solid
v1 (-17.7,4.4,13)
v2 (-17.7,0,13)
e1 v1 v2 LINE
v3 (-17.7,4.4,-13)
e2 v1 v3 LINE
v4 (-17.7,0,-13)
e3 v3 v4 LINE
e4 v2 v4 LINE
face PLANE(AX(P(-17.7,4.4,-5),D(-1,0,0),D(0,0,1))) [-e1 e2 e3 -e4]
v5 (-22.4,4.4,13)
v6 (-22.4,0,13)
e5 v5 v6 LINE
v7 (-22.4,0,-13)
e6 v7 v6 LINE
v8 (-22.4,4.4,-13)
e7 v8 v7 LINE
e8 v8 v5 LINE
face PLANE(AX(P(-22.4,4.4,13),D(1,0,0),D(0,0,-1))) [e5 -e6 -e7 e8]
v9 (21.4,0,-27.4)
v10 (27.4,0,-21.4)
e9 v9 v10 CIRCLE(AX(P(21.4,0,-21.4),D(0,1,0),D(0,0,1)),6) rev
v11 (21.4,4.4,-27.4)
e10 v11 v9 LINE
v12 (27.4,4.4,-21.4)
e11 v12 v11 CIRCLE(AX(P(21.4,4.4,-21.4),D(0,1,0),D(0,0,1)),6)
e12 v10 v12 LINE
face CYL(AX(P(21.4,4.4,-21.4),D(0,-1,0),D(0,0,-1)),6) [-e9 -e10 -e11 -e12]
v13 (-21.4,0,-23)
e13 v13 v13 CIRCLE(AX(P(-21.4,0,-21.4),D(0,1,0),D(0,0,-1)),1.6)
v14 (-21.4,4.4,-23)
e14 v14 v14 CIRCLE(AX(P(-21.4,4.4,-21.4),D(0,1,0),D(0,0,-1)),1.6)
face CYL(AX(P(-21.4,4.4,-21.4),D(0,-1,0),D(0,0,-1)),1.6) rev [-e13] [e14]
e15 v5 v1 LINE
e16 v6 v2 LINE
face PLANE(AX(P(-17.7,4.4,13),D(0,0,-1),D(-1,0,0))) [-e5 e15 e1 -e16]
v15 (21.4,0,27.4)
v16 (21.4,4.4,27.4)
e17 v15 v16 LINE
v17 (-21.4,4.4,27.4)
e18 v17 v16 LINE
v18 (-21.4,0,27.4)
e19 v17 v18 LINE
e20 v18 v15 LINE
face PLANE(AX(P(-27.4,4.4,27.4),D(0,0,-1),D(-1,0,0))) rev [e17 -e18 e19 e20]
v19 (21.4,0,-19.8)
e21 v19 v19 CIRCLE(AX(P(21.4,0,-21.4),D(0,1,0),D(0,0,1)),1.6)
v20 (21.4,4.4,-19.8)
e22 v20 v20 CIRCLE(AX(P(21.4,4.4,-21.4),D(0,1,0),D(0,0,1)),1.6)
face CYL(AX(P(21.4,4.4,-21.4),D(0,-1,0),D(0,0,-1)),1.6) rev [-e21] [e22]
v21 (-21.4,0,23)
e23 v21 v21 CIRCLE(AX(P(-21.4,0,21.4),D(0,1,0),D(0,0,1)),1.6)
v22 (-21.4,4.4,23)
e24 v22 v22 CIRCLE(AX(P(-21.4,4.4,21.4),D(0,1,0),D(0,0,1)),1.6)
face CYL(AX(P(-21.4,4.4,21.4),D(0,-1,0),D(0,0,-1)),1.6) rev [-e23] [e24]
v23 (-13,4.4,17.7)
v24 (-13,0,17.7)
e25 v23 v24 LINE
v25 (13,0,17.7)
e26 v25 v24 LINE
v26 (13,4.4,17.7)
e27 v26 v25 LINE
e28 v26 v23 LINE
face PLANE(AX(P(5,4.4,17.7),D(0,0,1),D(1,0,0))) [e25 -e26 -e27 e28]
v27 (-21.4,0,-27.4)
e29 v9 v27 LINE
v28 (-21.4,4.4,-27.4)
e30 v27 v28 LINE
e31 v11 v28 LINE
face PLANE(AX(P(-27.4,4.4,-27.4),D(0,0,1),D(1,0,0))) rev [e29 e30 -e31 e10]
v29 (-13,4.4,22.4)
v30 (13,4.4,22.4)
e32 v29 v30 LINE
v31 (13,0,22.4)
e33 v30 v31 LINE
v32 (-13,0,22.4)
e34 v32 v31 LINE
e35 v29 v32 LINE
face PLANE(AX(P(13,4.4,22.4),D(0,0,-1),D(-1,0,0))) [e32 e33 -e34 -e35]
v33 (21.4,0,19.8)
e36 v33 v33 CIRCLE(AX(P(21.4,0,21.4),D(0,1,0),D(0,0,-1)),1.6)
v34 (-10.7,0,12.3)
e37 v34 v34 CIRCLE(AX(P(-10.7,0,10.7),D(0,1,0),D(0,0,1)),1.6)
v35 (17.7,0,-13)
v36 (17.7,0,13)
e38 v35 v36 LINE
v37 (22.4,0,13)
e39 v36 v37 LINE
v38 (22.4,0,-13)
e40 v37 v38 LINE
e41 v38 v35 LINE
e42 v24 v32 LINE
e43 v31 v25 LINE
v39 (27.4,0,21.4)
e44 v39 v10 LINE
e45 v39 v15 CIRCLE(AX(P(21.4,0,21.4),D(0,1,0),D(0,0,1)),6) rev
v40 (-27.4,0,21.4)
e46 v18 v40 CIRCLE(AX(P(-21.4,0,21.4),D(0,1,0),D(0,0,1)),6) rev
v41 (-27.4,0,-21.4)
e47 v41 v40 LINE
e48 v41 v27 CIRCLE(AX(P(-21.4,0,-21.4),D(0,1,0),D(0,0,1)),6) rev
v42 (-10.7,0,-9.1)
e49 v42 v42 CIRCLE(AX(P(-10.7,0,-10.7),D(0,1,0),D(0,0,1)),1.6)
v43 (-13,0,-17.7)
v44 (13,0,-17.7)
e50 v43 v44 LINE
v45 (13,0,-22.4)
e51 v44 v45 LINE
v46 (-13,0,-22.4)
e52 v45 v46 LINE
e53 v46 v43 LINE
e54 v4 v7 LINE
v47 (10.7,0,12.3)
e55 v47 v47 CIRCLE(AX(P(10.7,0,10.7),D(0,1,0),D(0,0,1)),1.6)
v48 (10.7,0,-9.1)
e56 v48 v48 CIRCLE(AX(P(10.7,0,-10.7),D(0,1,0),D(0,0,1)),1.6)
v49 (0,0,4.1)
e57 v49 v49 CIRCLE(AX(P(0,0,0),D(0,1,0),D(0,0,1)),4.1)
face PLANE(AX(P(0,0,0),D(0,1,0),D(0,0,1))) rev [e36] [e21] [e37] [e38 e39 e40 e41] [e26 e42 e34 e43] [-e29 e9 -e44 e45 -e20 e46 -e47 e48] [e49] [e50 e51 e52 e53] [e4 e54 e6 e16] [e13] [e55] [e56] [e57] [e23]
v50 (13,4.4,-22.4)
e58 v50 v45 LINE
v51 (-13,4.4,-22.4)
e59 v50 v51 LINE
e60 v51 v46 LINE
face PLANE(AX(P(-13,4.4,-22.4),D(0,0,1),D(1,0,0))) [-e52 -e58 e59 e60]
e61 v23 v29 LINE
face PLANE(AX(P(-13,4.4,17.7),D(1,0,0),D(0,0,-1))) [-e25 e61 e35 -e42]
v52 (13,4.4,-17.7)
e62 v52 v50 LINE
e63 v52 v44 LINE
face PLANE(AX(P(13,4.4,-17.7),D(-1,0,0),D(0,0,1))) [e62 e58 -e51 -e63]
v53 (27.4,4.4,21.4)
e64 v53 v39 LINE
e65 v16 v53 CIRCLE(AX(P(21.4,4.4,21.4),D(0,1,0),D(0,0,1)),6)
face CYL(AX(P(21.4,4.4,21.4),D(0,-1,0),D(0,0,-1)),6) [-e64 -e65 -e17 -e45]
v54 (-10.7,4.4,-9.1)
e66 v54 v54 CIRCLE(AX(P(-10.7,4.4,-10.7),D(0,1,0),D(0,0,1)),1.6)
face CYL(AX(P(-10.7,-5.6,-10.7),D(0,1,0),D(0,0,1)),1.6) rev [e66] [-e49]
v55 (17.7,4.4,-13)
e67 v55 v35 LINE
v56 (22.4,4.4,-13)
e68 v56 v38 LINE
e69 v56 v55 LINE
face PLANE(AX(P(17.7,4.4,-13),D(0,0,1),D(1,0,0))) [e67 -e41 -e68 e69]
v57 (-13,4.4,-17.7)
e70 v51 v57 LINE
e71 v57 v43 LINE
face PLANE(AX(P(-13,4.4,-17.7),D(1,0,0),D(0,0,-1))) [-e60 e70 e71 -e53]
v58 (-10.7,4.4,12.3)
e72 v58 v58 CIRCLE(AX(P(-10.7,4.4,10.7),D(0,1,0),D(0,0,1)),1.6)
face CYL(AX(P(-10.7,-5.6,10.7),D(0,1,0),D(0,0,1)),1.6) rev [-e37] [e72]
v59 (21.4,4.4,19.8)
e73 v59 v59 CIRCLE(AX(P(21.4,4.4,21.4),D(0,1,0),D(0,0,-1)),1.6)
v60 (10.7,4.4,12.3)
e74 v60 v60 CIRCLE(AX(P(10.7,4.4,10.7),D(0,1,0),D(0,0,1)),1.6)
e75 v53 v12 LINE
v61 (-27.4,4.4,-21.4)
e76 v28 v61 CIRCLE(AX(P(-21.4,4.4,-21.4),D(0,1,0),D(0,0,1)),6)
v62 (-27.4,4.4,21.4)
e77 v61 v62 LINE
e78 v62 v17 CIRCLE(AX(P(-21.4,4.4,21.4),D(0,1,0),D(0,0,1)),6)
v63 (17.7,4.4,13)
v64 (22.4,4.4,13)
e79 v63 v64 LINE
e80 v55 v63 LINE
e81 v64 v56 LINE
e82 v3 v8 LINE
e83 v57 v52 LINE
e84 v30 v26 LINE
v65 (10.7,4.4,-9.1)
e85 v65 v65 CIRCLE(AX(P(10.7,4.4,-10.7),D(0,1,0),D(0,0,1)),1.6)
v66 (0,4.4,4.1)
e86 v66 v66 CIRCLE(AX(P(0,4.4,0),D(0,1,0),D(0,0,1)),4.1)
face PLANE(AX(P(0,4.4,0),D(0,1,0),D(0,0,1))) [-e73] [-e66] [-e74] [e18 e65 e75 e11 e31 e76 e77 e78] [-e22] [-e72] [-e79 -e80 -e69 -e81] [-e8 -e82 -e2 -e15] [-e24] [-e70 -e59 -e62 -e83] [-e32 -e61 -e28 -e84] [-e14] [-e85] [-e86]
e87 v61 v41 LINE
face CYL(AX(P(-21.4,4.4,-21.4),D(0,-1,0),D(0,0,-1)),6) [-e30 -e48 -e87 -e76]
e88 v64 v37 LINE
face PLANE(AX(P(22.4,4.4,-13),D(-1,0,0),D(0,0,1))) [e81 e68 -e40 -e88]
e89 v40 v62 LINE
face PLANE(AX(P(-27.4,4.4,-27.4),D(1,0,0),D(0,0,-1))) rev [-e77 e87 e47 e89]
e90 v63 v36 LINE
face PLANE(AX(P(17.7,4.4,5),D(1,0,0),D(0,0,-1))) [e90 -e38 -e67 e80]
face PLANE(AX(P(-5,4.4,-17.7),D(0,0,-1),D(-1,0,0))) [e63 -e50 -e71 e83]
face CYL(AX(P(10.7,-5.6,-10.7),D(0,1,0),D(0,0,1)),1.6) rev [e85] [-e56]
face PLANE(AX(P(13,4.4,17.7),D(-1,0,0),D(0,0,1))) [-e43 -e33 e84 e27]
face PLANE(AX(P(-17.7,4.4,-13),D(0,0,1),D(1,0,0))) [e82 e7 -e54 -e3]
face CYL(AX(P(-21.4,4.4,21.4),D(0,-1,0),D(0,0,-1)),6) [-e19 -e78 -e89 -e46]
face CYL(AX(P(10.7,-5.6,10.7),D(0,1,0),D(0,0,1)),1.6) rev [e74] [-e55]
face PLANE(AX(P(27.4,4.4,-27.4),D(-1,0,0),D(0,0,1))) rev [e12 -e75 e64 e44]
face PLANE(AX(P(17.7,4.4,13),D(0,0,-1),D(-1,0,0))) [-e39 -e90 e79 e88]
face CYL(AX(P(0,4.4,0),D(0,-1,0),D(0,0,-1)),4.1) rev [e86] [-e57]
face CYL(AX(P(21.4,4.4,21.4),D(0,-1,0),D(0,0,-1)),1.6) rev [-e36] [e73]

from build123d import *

# Parameters (mm, degrees)
SKETCH_1_W          = 54.8
SKETCH_1_H          = 54.8
SKETCH_1_R          = 4.1
SKETCH_1_R_2        = 1.6
EXTRUDE_1_DEPTH     = 4.4
FILLET_1_R          = 6
SKETCH_2_R          = 1.6
CUT_EXTRUDE_1_DEPTH = 10


with BuildPart() as part:
    # 草图1 → 凸台-拉伸1 (new body)
    with BuildSketch(Plane(origin=(0, 0, 0), x_dir=(1, 0, 0), z_dir=(0, 1, 0))):
        Rectangle(SKETCH_1_W, SKETCH_1_H)
        Circle(SKETCH_1_R, mode=Mode.SUBTRACT)
        with Locations((21.4, 21.4)):
            Circle(SKETCH_1_R_2, mode=Mode.SUBTRACT)
        with Locations((21.4, -21.4)):
            Circle(SKETCH_1_R_2, mode=Mode.SUBTRACT)
        with Locations((-21.4, -21.4)):
            Circle(SKETCH_1_R_2, mode=Mode.SUBTRACT)
        with Locations((-21.4, 21.4)):
            Circle(SKETCH_1_R_2, mode=Mode.SUBTRACT)
        Polygon((17.7, -5), (17.7, 5), (17.7, 13), (22.4, 13), (22.4, 5), (22.4, -5), (22.4, -13), (17.7, -13), align=None, mode=Mode.SUBTRACT)
        Polygon((-5, 17.7), (-13, 17.7), (-13, 22.4), (-5, 22.4), (5, 22.4), (13, 22.4), (13, 17.7), (5, 17.7), align=None, mode=Mode.SUBTRACT)
        Polygon((5, -17.7), (13, -17.7), (13, -22.4), (5, -22.4), (-5, -22.4), (-13, -22.4), (-13, -17.7), (-5, -17.7), align=None, mode=Mode.SUBTRACT)
        Polygon((-17.7, 5), (-17.7, -5), (-17.7, -13), (-22.4, -13), (-22.4, -5), (-22.4, 5), (-22.4, 13), (-17.7, 13), align=None, mode=Mode.SUBTRACT)
    extrude(amount=EXTRUDE_1_DEPTH)

    # 圆角1
    fillet_1_edges = [part.edges().sort_by_distance(p)[0] for p in [
        (27.4, 2.2, 27.4),
        (-27.4, 2.2, 27.4),
        (-27.4, 2.2, -27.4),
        (27.4, 2.2, -27.4),
    ]]
    fillet(fillet_1_edges, radius=FILLET_1_R)

    # 草图2 → 切除-拉伸1 (cut)
    with BuildSketch(Plane(origin=(0, 4.4, 0), x_dir=(1, 0, 0), z_dir=(0, 1, 0))):
        with Locations((10.7, 10.7)):
            Circle(SKETCH_2_R)
        with Locations((10.7, -10.7)):
            Circle(SKETCH_2_R)
        with Locations((-10.7, -10.7)):
            Circle(SKETCH_2_R)
        with Locations((-10.7, 10.7)):
            Circle(SKETCH_2_R)
    extrude(amount=-CUT_EXTRUDE_1_DEPTH, mode=Mode.SUBTRACT)


solid = part.part
